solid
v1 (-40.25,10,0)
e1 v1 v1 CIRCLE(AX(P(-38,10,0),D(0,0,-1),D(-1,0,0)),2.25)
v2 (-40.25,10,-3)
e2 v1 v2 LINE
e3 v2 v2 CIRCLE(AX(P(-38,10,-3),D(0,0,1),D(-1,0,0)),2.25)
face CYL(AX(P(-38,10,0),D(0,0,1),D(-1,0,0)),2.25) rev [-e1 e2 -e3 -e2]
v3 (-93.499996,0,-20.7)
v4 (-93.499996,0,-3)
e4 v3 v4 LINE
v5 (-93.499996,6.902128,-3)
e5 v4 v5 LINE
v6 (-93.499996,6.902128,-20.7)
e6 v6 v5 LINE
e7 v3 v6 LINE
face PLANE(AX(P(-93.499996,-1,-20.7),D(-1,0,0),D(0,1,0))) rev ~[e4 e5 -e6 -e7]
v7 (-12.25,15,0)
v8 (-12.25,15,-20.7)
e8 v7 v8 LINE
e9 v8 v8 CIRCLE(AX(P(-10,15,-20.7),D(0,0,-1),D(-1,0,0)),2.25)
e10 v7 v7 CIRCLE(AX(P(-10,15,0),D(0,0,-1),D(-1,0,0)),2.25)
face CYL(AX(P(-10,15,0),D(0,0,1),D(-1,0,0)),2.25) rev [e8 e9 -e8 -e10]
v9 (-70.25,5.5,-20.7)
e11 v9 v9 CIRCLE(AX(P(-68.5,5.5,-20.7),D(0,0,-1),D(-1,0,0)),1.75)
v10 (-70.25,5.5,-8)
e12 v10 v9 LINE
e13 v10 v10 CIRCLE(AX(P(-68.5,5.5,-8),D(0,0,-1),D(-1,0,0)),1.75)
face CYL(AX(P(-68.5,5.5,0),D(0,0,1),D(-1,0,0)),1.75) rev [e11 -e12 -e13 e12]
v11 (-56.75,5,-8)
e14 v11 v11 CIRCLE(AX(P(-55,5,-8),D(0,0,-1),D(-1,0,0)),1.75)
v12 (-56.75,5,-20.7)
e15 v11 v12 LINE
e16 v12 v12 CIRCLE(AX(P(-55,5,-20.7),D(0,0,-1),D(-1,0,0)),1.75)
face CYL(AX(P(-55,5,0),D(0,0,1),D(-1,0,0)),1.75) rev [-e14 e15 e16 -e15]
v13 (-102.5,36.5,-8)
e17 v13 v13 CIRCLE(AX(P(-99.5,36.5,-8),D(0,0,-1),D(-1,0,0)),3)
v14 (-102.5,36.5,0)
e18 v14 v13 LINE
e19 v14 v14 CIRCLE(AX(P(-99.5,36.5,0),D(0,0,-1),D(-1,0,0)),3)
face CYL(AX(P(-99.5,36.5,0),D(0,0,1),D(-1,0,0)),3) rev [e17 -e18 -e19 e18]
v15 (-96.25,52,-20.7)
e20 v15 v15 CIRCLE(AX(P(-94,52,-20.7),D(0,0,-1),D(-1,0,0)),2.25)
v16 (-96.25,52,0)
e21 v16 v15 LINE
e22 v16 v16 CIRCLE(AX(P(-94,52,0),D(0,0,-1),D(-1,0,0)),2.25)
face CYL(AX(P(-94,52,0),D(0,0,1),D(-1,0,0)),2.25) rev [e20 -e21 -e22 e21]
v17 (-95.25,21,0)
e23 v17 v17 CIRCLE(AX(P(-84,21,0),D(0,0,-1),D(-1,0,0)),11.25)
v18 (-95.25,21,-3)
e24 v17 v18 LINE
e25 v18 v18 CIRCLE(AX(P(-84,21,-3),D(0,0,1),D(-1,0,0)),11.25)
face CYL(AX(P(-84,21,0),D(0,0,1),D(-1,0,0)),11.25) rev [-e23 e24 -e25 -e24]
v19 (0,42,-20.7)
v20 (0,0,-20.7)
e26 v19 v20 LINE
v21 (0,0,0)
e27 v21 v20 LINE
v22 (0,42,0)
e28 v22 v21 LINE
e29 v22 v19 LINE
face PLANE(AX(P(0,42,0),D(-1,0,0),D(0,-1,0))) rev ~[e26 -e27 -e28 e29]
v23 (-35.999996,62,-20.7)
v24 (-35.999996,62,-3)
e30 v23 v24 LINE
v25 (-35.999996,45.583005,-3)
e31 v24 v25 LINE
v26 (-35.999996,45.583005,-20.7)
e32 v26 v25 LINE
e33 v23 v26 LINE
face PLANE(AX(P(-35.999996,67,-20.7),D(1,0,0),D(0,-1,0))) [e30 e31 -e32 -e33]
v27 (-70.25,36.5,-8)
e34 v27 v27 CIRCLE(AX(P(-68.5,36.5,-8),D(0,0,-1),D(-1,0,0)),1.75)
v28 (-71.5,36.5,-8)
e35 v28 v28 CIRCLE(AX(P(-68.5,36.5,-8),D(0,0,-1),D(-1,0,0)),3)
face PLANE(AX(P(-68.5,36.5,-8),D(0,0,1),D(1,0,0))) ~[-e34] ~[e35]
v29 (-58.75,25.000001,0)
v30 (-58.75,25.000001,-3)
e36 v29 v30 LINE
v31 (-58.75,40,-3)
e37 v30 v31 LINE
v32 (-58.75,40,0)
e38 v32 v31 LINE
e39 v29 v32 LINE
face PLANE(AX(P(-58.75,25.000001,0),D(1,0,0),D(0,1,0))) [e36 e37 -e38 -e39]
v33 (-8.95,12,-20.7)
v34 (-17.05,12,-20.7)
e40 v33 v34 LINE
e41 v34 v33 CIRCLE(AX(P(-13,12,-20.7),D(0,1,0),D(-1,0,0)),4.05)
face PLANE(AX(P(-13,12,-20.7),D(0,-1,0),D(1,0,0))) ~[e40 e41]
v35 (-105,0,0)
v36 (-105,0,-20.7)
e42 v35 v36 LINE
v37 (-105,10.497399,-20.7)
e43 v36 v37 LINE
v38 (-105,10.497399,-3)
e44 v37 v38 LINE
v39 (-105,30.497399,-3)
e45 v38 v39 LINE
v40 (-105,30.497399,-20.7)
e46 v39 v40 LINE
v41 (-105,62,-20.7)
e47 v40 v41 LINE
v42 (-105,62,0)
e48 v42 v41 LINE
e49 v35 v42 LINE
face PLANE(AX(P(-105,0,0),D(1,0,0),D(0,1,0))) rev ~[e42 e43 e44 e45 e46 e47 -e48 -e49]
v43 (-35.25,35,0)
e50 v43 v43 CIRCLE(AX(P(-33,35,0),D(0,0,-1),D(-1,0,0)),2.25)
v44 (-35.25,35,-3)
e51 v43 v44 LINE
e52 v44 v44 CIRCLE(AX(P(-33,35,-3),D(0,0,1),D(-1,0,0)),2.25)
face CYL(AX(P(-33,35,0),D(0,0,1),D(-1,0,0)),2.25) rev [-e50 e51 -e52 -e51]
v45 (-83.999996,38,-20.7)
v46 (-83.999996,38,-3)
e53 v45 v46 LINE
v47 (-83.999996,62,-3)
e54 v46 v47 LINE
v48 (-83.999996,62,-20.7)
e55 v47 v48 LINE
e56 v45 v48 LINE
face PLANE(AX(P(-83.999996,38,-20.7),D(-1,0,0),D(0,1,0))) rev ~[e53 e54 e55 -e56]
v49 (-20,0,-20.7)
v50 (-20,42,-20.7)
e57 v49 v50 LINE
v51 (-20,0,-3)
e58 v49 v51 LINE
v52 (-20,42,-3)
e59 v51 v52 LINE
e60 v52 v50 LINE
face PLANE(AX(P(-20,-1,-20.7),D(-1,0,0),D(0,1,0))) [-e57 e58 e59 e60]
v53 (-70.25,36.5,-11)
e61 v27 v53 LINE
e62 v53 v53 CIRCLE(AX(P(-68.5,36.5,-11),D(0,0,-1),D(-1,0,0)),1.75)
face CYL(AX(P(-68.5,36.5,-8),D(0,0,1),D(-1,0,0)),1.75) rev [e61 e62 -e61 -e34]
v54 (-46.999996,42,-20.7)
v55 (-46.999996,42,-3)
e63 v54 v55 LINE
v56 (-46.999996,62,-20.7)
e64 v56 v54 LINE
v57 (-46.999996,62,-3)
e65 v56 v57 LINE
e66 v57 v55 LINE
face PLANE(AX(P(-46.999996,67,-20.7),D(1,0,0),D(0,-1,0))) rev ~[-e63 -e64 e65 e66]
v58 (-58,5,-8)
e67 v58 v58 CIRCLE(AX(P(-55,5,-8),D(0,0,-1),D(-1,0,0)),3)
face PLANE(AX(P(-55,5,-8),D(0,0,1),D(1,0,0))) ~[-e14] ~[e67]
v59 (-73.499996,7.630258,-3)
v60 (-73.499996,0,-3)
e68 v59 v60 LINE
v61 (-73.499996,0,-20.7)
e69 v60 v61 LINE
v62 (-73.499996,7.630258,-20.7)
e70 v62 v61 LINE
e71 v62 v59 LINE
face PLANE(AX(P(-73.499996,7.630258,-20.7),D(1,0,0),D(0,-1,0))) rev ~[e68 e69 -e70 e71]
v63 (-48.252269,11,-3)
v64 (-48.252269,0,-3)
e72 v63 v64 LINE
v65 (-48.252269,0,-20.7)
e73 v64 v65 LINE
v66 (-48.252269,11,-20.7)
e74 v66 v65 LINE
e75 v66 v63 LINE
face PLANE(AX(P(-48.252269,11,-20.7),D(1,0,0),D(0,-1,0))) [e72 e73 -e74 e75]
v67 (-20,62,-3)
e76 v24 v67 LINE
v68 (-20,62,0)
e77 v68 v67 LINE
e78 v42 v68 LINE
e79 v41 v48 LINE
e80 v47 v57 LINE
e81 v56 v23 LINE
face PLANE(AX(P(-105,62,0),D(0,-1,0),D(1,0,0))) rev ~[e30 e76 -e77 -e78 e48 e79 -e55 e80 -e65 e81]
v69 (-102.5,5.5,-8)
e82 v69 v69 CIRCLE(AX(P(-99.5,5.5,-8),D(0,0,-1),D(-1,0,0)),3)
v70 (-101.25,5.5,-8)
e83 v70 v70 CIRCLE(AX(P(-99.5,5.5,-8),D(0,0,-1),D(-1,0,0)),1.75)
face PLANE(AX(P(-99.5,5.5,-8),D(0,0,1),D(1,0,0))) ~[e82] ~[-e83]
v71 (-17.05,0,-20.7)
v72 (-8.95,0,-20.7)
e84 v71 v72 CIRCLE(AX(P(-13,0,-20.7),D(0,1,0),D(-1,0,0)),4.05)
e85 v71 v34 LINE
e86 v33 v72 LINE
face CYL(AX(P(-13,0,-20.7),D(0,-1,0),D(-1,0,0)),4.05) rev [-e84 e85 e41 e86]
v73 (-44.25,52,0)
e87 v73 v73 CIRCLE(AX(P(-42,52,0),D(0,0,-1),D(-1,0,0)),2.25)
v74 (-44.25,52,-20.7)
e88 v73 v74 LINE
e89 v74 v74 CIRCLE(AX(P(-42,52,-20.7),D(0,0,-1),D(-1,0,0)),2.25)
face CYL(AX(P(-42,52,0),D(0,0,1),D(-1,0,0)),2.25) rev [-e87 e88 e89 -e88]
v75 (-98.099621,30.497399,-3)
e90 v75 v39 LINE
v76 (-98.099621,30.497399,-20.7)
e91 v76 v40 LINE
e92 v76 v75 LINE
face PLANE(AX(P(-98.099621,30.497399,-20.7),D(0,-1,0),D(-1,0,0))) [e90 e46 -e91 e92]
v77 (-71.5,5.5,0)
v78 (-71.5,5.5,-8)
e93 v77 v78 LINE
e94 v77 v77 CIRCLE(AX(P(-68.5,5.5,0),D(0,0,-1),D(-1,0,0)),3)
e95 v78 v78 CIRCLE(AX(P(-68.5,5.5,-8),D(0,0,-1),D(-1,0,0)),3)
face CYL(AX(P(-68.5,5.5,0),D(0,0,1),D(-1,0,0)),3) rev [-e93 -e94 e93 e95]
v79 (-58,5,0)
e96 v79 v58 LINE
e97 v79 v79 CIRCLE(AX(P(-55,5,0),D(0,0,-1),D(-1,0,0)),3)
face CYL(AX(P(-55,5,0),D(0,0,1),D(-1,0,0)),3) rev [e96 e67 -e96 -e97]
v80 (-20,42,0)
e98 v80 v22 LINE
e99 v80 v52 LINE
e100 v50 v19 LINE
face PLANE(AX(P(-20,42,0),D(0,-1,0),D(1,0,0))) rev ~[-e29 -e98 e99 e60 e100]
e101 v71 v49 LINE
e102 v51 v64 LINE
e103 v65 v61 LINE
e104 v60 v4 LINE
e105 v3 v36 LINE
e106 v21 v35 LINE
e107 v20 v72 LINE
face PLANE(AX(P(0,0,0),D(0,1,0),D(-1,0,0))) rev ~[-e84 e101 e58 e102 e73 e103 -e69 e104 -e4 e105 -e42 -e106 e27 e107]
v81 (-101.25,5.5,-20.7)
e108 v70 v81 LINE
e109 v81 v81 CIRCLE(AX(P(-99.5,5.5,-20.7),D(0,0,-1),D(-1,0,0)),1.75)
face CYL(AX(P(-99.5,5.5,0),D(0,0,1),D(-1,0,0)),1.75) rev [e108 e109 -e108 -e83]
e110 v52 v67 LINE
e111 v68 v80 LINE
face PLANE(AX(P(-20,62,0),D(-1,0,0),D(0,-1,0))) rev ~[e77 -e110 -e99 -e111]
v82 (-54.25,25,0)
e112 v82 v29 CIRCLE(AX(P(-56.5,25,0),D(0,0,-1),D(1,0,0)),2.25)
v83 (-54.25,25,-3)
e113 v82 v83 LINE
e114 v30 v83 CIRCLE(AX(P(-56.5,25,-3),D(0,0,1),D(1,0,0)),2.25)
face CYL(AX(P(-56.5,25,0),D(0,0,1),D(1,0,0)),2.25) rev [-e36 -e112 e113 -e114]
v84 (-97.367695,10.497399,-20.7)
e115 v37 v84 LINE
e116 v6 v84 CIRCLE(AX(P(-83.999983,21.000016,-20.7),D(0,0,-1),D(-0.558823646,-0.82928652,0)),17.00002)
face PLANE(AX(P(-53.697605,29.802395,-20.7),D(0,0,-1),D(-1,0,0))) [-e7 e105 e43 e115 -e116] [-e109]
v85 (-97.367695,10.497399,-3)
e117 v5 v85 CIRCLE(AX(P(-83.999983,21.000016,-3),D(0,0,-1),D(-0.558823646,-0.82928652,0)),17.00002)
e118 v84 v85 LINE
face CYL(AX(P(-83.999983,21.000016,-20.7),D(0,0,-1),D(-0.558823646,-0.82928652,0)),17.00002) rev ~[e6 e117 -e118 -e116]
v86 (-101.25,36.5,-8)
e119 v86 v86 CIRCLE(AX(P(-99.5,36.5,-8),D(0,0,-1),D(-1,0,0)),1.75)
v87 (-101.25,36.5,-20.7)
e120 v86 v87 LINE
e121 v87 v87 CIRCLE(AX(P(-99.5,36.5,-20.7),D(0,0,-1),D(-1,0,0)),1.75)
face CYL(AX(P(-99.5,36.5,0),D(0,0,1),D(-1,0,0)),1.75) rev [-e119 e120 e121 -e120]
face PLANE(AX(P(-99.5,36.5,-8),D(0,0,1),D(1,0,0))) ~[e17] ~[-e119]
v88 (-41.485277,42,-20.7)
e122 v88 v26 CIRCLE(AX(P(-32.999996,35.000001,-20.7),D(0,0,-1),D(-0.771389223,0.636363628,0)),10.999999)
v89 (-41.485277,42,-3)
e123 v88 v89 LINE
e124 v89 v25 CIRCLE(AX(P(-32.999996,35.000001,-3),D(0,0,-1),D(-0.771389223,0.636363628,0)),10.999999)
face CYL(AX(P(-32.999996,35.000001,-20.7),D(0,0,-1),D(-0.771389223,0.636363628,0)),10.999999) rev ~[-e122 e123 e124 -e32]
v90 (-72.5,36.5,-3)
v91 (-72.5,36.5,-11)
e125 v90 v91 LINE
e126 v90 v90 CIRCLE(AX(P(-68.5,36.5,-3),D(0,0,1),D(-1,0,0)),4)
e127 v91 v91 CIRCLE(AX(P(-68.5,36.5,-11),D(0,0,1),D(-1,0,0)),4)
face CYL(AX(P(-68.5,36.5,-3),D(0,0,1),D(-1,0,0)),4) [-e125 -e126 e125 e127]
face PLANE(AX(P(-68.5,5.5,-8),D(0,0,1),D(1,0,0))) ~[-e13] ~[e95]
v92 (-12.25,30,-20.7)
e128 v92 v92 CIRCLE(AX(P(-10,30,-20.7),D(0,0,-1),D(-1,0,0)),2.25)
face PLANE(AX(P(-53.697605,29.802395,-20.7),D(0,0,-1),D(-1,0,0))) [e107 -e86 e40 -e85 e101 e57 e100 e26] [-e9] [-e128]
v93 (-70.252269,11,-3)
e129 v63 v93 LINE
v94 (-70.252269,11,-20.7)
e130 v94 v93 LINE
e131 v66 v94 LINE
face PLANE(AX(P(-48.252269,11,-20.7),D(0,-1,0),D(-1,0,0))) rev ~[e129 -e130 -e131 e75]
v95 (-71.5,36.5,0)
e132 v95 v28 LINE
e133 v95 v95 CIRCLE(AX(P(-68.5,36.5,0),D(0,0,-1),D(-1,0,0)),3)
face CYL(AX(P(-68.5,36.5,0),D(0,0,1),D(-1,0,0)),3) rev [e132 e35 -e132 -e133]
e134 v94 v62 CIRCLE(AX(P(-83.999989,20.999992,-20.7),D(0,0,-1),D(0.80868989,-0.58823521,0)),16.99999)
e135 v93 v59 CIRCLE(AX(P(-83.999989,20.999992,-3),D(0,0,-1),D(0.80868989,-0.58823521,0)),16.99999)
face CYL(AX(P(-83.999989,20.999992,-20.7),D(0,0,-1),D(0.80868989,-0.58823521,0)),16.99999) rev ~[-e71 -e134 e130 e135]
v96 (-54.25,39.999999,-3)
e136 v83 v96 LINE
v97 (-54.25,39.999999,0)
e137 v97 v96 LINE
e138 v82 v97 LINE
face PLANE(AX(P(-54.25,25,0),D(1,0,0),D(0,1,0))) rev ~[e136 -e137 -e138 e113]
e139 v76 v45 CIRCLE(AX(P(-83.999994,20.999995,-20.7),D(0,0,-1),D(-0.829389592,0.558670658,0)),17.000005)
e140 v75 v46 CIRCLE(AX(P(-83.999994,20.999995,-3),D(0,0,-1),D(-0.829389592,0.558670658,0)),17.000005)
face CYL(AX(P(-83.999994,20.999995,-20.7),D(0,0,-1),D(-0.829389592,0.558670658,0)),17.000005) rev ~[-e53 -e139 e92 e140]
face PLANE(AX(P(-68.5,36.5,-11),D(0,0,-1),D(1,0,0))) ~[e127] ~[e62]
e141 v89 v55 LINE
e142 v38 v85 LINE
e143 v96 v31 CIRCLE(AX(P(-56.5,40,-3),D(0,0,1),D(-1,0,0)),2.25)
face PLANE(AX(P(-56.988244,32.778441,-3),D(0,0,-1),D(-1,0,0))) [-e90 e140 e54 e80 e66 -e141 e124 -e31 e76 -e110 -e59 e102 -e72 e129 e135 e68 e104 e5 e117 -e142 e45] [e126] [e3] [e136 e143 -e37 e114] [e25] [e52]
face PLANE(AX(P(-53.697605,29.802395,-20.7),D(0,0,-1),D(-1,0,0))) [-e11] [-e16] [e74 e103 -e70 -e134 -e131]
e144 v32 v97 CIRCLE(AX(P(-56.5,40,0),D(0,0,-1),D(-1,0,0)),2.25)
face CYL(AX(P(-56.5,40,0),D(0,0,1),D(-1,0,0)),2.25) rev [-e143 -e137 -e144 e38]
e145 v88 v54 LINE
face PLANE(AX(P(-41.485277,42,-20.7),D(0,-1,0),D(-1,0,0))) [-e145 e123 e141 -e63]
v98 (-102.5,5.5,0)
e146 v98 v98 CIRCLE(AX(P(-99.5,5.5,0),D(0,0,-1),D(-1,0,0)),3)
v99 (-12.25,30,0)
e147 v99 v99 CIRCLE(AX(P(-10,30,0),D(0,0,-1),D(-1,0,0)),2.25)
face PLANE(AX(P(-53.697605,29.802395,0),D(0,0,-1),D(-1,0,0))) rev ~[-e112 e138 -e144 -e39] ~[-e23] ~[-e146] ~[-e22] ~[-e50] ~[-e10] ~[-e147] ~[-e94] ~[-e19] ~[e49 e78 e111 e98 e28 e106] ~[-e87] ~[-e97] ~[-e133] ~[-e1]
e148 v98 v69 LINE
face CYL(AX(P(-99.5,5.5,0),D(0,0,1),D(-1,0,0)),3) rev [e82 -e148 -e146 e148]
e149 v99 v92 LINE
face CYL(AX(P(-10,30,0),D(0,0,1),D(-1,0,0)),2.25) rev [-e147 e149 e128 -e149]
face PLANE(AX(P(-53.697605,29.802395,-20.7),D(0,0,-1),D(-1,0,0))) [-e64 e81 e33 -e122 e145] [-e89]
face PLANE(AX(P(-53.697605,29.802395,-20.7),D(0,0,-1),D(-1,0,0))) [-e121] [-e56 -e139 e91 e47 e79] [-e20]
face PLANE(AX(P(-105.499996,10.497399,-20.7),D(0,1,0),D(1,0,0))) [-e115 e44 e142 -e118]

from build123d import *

# Parameters (mm, degrees)
SKETCH_R        = 2.25
SKETCH_R_2      = 11.25
SKETCH_R_3      = 1.75
PAD_DEPTH       = 20.7
POCKET_DEPTH    = 17.7
SKETCH002_R     = 4
PAD001_DEPTH    = 8
SKETCH003_R     = 3
POCKET001_DEPTH = 8
SKETCH004_R     = 1.75
POCKET002_DEPTH = 5
SKETCH005_R     = 4.05
POCKET003_DEPTH = 12
SKETCH006_R     = 1.75
POCKET004_DEPTH = 12.701


with BuildPart() as pocket_belt_path:
    # Sketch → Pad (new body)
    with BuildSketch(Plane.XY):
        Polygon((0, 0), (105, 0), (105, 62), (20, 62), (20, 42), (0, 42), align=None)
        with Locations((38, 10)):
            Circle(SKETCH_R, mode=Mode.SUBTRACT)
        with Locations((33, 35)):
            Circle(SKETCH_R, mode=Mode.SUBTRACT)
        with Locations((84, 21)):
            Circle(SKETCH_R_2, mode=Mode.SUBTRACT)
        with Locations((68.5, 36.5)):
            Circle(SKETCH_R_3, mode=Mode.SUBTRACT)
        with Locations((99.5, 36.5)):
            Circle(SKETCH_R_3, mode=Mode.SUBTRACT)
        with Locations((68.5, 5.5)):
            Circle(SKETCH_R_3, mode=Mode.SUBTRACT)
        with Locations((99.5, 5.5)):
            Circle(SKETCH_R_3, mode=Mode.SUBTRACT)
        with Locations((10, 30)):
            Circle(SKETCH_R, mode=Mode.SUBTRACT)
        with Locations((10, 15)):
            Circle(SKETCH_R, mode=Mode.SUBTRACT)
        with Locations((42, 52)):
            Circle(SKETCH_R, mode=Mode.SUBTRACT)
        with Locations((94, 52)):
            Circle(SKETCH_R, mode=Mode.SUBTRACT)
        with Locations((55, 5)):
            Circle(SKETCH_R_3, mode=Mode.SUBTRACT)
        with BuildLine():
            Line((58.75, 25.000001), (58.75, 40))
            ThreePointArc((58.75, 40), (56.5, 42.25), (54.25, 39.999999))
            Line((54.25, 25), (54.25, 39.999999))
            ThreePointArc((54.25, 25), (56.5, 22.75), (58.75, 25.000001))
        make_face(mode=Mode.SUBTRACT)
    extrude(amount=PAD_DEPTH)

    # Sketch001 → Pocket (cut)
    with BuildSketch(Plane.XY.offset(20.7)):
        with BuildLine():
            ThreePointArc((41.485277, 42), (39.015593, 44.209375), (35.999996, 45.583005))
            Line((35.999996, 67), (35.999996, 45.583005))
            Line((20, 67), (35.999996, 67))
            Line((20, -1), (20, 67))
            Line((20, -1), (48.252269, -1))
            Line((48.252269, 11), (48.252269, -1))
            Line((48.252269, 11), (70.252269, 11))
            ThreePointArc((70.252269, 11), (71.759618, 9.202833), (73.499996, 7.630258))
            Line((73.499996, 7.630258), (73.499996, -1))
            Line((73.499996, -1), (93.499996, -1))
            Line((93.499996, -1), (93.499996, 6.902128))
            ThreePointArc((93.499996, 6.902128), (95.574295, 8.548671), (97.367695, 10.497399))
            Line((105.499996, 10.497399), (97.367695, 10.497399))
            Line((105.499996, 30.497399), (105.499996, 10.497399))
            Line((98.099621, 30.497399), (105.499996, 30.497399))
            ThreePointArc((98.099621, 30.497399), (91.98574, 36.007594), (83.999996, 38))
            Line((83.999996, 38), (83.999996, 67))
            Line((83.999996, 67), (46.999996, 67))
            Line((46.999996, 67), (46.999996, 42))
            Line((41.485277, 42), (46.999996, 42))
        make_face()
    extrude(amount=-POCKET_DEPTH, mode=Mode.SUBTRACT)


with BuildPart() as pocket004:
    # Part__Mirroring: instance of Pocket belt path
    add(pocket_belt_path.part.mirror(Plane(origin=(52.5, 31, 0), x_dir=(0, 1, 0), z_dir=(0, 0, 1))))

    # Sketch002 → Pad001 (new body)
    with BuildSketch(Plane(origin=(0, 0, -3), x_dir=(1, 0, 0), z_dir=(0, 0, -1))):
        with Locations((68.5, -36.5)):
            Circle(SKETCH002_R)
    extrude(amount=PAD001_DEPTH)

    # Sketch003 → Pocket001 (cut)
    with BuildSketch(Plane.XY):
        with Locations((55, 5)):
            Circle(SKETCH003_R)
        with Locations((68.5, 36.5)):
            Circle(SKETCH003_R)
        with Locations((68.5, 5.5)):
            Circle(SKETCH003_R)
        with Locations((99.5, 36.5)):
            Circle(SKETCH003_R)
        with Locations((99.5, 5.5)):
            Circle(SKETCH003_R)
    extrude(amount=-POCKET001_DEPTH, mode=Mode.SUBTRACT)

    # Sketch004 → Pocket002 (cut)
    with BuildSketch(Plane.XY.offset(-8)):
        with Locations((94, 52)):
            Circle(SKETCH004_R)
    extrude(amount=-POCKET002_DEPTH, mode=Mode.SUBTRACT)

    # Sketch005 → Pocket003 (cut)
    with BuildSketch(Plane.XZ):
        with Locations((13, -20.7)):
            Circle(SKETCH005_R)
    extrude(amount=-POCKET003_DEPTH, mode=Mode.SUBTRACT)

    # Sketch006 → Pocket004 (cut, through all)
    with BuildSketch(Plane.XY.offset(-8)):
        with Locations((68.5, 36.5)):
            Circle(SKETCH006_R)
    extrude(amount=-POCKET004_DEPTH, mode=Mode.SUBTRACT)


with BuildPart() as part_mirroring001:
    # Part__Mirroring001: instance of Pocket004
    add(pocket004.part.mirror(Plane(origin=(0, 0, 0), x_dir=(0, -1, 0), z_dir=(1, 0, 0))))


solid = part_mirroring001.part
